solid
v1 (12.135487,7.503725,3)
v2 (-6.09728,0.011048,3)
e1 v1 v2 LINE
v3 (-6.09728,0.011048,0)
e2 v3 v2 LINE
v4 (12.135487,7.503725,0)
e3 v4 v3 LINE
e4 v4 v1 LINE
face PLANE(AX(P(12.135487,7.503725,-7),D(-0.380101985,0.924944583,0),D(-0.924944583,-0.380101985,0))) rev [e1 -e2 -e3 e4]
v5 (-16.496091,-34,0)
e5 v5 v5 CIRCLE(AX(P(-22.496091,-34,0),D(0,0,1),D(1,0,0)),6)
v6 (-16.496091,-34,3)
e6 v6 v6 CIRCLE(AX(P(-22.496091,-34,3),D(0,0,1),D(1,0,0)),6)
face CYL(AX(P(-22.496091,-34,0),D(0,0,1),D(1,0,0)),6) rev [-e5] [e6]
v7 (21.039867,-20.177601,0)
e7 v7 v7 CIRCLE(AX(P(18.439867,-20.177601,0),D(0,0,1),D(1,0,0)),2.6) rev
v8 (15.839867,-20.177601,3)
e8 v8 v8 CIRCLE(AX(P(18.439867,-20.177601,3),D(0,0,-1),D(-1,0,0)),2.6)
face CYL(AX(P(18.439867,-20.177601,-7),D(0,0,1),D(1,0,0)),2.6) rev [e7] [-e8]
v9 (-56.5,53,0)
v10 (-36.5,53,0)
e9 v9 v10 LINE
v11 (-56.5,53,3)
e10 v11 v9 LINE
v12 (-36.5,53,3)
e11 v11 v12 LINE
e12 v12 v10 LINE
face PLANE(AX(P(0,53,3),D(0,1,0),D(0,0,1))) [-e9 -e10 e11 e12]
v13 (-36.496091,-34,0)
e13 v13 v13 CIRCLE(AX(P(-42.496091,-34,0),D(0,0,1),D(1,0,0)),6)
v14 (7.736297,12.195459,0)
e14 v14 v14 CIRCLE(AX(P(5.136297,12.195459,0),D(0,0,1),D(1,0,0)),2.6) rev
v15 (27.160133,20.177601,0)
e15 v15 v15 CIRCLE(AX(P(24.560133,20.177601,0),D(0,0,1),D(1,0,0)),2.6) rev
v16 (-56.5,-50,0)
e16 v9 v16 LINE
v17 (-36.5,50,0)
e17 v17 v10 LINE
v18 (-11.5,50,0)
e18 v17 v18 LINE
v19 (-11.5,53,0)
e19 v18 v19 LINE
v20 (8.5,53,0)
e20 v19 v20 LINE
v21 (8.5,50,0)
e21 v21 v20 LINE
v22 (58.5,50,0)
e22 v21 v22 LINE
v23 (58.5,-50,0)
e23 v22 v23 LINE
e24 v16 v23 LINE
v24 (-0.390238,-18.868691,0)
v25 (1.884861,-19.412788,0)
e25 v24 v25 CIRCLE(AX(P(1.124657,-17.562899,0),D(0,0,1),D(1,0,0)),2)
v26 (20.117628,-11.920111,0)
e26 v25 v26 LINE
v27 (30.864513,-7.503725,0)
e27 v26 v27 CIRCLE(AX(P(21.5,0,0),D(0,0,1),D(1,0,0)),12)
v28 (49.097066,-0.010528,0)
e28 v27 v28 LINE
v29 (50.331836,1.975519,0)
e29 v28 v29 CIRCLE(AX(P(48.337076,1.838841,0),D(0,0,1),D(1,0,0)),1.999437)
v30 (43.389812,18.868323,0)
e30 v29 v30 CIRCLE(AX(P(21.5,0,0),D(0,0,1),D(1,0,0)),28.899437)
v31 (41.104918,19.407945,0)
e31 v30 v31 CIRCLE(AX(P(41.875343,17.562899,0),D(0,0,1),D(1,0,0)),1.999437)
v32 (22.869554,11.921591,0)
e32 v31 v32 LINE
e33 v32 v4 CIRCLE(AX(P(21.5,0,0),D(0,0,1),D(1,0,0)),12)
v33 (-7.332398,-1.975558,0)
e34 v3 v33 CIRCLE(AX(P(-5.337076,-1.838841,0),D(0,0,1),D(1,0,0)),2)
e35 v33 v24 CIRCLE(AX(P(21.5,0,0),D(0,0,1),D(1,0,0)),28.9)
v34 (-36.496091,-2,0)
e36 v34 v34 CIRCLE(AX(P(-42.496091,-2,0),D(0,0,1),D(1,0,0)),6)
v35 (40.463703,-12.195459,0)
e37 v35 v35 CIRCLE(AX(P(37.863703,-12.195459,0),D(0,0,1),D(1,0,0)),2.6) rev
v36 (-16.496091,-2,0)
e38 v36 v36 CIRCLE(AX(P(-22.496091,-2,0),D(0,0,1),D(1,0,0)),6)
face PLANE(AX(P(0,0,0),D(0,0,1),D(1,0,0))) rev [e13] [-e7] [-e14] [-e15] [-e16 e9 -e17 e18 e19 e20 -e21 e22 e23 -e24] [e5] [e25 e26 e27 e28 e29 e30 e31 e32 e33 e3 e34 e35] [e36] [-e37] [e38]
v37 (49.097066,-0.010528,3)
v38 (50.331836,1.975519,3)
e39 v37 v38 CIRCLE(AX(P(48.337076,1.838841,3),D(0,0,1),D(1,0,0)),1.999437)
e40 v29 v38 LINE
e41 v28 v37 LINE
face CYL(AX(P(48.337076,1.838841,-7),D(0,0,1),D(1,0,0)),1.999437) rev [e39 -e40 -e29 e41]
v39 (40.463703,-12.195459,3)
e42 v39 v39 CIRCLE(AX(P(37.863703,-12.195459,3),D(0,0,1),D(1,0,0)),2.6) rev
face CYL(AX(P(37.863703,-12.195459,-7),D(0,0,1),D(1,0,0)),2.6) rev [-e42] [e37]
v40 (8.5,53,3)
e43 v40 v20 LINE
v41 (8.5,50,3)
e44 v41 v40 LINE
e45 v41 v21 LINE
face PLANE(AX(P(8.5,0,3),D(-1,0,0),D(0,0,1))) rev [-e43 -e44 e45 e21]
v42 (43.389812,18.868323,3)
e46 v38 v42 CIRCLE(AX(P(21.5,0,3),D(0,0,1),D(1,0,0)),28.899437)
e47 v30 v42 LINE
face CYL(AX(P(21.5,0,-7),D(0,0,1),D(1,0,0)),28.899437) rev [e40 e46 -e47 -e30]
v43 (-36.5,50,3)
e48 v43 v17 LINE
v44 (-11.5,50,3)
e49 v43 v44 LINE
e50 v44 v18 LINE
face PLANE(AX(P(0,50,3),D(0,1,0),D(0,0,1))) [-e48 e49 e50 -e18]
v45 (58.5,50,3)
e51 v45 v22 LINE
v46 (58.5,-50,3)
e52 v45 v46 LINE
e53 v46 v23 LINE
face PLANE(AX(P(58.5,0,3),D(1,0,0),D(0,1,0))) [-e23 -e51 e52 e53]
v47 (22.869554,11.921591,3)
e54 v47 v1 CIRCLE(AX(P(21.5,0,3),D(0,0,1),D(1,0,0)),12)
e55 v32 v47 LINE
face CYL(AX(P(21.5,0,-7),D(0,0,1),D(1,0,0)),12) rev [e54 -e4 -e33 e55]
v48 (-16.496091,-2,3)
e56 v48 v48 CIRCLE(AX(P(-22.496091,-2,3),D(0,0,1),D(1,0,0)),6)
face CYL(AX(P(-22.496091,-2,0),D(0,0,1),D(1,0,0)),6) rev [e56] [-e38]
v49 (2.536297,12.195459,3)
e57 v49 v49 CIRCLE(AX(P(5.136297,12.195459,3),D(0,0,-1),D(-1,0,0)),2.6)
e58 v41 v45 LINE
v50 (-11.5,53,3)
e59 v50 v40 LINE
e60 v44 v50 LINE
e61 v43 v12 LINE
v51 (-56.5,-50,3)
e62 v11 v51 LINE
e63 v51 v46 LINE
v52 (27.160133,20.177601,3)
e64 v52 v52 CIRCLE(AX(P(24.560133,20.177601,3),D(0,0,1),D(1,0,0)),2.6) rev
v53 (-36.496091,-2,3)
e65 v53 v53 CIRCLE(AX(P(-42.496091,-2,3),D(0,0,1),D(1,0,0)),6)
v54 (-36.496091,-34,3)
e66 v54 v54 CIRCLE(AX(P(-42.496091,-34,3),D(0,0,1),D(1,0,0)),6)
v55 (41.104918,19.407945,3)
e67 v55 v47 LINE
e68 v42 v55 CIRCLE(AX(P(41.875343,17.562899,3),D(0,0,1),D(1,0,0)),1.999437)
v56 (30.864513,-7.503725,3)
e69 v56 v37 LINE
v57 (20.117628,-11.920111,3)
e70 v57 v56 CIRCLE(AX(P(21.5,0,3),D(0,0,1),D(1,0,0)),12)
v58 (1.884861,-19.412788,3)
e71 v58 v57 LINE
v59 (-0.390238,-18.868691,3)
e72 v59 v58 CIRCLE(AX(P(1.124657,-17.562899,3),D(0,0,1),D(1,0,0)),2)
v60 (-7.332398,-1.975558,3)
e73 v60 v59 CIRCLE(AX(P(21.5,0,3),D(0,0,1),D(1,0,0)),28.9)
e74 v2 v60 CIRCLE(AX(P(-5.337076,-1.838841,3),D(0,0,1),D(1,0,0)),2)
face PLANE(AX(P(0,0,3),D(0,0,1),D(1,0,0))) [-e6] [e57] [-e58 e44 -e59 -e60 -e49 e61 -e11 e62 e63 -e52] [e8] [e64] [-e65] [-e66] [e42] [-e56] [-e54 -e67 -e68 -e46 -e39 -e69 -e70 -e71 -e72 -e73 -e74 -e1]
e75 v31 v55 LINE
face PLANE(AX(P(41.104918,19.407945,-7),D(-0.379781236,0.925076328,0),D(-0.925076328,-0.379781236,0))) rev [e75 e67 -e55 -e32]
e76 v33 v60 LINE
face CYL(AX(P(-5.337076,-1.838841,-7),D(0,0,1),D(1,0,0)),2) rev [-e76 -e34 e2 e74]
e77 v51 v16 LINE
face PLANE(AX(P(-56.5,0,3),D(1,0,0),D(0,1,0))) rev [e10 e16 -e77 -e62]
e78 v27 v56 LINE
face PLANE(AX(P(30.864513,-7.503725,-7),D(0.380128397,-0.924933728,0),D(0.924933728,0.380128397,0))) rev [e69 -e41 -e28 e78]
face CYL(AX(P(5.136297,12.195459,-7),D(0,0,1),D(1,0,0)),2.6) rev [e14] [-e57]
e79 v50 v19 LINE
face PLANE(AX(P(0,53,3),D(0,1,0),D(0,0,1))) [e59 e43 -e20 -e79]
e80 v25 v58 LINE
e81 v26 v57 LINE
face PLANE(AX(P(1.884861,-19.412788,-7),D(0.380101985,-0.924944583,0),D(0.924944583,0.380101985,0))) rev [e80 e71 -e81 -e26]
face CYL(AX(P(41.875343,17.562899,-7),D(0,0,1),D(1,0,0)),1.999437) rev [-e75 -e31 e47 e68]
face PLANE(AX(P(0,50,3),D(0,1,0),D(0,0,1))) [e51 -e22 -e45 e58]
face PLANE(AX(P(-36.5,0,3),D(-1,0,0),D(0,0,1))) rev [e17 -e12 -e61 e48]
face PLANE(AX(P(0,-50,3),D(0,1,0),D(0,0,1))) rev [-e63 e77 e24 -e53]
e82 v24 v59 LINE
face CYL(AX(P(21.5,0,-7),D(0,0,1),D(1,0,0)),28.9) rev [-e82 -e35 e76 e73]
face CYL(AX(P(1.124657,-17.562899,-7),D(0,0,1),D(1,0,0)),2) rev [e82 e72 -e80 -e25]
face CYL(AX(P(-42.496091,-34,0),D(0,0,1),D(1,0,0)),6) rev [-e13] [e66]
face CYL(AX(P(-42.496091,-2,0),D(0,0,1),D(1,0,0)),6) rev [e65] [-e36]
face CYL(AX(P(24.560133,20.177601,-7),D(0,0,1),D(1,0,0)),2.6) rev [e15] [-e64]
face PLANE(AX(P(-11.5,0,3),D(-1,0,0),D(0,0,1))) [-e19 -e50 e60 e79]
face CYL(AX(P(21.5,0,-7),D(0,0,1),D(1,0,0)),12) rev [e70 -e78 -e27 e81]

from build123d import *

# Parameters (mm, degrees)
SKETCH1_W           = 115
SKETCH1_H           = 100
SKETCH1_W_2         = 20
SKETCH1_H_2         = 3
BOSS_EXTRUDE1_DEPTH = 3
SKETCH2_R           = 6
CUT_EXTRUDE1_DEPTH  = 3
SKETCH3_R           = 2.6
CUT_EXTRUDE2_DEPTH  = 10


with BuildPart() as part:
    # Sketch1 → Boss-Extrude1 (new body)
    with BuildSketch(Plane.XY):
        with Locations((1, 0)):
            Rectangle(SKETCH1_W, SKETCH1_H)
        with Locations((-1.5, 51.5)):
            Rectangle(SKETCH1_W_2, SKETCH1_H_2)
        with Locations((-46.5, 51.5)):
            Rectangle(SKETCH1_W_2, SKETCH1_H_2)
    extrude(amount=BOSS_EXTRUDE1_DEPTH)

    # Sketch2 → Cut-Extrude1 (cut)
    with BuildSketch(Plane.XY.offset(3)):
        with Locations((-42.496090888, -34)):
            Circle(SKETCH2_R)
        with Locations((-42.496090888, -2)):
            Circle(SKETCH2_R)
        with Locations((-22.496090888, -34)):
            Circle(SKETCH2_R)
        with Locations((-22.496090888, -2)):
            Circle(SKETCH2_R)
    extrude(amount=-CUT_EXTRUDE1_DEPTH, mode=Mode.SUBTRACT)

    # Sketch3 → Cut-Extrude2 (cut)
    with BuildSketch(Plane.XY.offset(3)):
        with Locations((24.560133375, 20.17760104)):
            Circle(SKETCH3_R)
        with Locations((37.863702859, -12.19545935)):
            Circle(SKETCH3_R)
        with BuildLine():
            Line((1.884861427, -19.412788021), (20.117628398, -11.920111105))
            ThreePointArc((20.117628398, -11.920111105), (26.061223823, -11.099334991), (30.864513292, -7.503725129))
            Line((30.864513292, -7.503725129), (49.097066309, -0.010527574))
            ThreePointArc((49.097066309, -0.010527574), (50.035092062, 0.783146292), (50.33183638, 1.975519274))
            ThreePointArc((50.33183638, 1.975519274), (48.230377797, 10.984733419), (43.389811543, 18.868323086))
            ThreePointArc((43.389811543, 18.868323086), (42.334905798, 19.508804913), (41.104917855, 19.407944809))
            Line((41.104917855, 19.407944809), (22.86955388, 11.921590589))
            ThreePointArc((22.86955388, 11.921590589), (16.932809638, 11.096881192), (12.135486708, 7.503725129))
            Line((12.135486708, 7.503725129), (-6.097280263, 0.011048213))
            ThreePointArc((-6.097280263, 0.011048213), (-7.035570092, -0.78284909), (-7.33239795, -1.975557752))
            ThreePointArc((-7.33239795, -1.975557752), (-5.230898436, -10.984947373), (-0.3902379, -18.868690592))
            ThreePointArc((-0.3902379, -18.868690592), (0.659469027, -19.508046594), (1.884861427, -19.412788021))
        make_face()
        with Locations((18.439866625, -20.17760104)):
            Circle(SKETCH3_R)
        with Locations((5.136297141, 12.19545935)):
            Circle(SKETCH3_R)
    extrude(amount=-CUT_EXTRUDE2_DEPTH, mode=Mode.SUBTRACT)


solid = part.part
